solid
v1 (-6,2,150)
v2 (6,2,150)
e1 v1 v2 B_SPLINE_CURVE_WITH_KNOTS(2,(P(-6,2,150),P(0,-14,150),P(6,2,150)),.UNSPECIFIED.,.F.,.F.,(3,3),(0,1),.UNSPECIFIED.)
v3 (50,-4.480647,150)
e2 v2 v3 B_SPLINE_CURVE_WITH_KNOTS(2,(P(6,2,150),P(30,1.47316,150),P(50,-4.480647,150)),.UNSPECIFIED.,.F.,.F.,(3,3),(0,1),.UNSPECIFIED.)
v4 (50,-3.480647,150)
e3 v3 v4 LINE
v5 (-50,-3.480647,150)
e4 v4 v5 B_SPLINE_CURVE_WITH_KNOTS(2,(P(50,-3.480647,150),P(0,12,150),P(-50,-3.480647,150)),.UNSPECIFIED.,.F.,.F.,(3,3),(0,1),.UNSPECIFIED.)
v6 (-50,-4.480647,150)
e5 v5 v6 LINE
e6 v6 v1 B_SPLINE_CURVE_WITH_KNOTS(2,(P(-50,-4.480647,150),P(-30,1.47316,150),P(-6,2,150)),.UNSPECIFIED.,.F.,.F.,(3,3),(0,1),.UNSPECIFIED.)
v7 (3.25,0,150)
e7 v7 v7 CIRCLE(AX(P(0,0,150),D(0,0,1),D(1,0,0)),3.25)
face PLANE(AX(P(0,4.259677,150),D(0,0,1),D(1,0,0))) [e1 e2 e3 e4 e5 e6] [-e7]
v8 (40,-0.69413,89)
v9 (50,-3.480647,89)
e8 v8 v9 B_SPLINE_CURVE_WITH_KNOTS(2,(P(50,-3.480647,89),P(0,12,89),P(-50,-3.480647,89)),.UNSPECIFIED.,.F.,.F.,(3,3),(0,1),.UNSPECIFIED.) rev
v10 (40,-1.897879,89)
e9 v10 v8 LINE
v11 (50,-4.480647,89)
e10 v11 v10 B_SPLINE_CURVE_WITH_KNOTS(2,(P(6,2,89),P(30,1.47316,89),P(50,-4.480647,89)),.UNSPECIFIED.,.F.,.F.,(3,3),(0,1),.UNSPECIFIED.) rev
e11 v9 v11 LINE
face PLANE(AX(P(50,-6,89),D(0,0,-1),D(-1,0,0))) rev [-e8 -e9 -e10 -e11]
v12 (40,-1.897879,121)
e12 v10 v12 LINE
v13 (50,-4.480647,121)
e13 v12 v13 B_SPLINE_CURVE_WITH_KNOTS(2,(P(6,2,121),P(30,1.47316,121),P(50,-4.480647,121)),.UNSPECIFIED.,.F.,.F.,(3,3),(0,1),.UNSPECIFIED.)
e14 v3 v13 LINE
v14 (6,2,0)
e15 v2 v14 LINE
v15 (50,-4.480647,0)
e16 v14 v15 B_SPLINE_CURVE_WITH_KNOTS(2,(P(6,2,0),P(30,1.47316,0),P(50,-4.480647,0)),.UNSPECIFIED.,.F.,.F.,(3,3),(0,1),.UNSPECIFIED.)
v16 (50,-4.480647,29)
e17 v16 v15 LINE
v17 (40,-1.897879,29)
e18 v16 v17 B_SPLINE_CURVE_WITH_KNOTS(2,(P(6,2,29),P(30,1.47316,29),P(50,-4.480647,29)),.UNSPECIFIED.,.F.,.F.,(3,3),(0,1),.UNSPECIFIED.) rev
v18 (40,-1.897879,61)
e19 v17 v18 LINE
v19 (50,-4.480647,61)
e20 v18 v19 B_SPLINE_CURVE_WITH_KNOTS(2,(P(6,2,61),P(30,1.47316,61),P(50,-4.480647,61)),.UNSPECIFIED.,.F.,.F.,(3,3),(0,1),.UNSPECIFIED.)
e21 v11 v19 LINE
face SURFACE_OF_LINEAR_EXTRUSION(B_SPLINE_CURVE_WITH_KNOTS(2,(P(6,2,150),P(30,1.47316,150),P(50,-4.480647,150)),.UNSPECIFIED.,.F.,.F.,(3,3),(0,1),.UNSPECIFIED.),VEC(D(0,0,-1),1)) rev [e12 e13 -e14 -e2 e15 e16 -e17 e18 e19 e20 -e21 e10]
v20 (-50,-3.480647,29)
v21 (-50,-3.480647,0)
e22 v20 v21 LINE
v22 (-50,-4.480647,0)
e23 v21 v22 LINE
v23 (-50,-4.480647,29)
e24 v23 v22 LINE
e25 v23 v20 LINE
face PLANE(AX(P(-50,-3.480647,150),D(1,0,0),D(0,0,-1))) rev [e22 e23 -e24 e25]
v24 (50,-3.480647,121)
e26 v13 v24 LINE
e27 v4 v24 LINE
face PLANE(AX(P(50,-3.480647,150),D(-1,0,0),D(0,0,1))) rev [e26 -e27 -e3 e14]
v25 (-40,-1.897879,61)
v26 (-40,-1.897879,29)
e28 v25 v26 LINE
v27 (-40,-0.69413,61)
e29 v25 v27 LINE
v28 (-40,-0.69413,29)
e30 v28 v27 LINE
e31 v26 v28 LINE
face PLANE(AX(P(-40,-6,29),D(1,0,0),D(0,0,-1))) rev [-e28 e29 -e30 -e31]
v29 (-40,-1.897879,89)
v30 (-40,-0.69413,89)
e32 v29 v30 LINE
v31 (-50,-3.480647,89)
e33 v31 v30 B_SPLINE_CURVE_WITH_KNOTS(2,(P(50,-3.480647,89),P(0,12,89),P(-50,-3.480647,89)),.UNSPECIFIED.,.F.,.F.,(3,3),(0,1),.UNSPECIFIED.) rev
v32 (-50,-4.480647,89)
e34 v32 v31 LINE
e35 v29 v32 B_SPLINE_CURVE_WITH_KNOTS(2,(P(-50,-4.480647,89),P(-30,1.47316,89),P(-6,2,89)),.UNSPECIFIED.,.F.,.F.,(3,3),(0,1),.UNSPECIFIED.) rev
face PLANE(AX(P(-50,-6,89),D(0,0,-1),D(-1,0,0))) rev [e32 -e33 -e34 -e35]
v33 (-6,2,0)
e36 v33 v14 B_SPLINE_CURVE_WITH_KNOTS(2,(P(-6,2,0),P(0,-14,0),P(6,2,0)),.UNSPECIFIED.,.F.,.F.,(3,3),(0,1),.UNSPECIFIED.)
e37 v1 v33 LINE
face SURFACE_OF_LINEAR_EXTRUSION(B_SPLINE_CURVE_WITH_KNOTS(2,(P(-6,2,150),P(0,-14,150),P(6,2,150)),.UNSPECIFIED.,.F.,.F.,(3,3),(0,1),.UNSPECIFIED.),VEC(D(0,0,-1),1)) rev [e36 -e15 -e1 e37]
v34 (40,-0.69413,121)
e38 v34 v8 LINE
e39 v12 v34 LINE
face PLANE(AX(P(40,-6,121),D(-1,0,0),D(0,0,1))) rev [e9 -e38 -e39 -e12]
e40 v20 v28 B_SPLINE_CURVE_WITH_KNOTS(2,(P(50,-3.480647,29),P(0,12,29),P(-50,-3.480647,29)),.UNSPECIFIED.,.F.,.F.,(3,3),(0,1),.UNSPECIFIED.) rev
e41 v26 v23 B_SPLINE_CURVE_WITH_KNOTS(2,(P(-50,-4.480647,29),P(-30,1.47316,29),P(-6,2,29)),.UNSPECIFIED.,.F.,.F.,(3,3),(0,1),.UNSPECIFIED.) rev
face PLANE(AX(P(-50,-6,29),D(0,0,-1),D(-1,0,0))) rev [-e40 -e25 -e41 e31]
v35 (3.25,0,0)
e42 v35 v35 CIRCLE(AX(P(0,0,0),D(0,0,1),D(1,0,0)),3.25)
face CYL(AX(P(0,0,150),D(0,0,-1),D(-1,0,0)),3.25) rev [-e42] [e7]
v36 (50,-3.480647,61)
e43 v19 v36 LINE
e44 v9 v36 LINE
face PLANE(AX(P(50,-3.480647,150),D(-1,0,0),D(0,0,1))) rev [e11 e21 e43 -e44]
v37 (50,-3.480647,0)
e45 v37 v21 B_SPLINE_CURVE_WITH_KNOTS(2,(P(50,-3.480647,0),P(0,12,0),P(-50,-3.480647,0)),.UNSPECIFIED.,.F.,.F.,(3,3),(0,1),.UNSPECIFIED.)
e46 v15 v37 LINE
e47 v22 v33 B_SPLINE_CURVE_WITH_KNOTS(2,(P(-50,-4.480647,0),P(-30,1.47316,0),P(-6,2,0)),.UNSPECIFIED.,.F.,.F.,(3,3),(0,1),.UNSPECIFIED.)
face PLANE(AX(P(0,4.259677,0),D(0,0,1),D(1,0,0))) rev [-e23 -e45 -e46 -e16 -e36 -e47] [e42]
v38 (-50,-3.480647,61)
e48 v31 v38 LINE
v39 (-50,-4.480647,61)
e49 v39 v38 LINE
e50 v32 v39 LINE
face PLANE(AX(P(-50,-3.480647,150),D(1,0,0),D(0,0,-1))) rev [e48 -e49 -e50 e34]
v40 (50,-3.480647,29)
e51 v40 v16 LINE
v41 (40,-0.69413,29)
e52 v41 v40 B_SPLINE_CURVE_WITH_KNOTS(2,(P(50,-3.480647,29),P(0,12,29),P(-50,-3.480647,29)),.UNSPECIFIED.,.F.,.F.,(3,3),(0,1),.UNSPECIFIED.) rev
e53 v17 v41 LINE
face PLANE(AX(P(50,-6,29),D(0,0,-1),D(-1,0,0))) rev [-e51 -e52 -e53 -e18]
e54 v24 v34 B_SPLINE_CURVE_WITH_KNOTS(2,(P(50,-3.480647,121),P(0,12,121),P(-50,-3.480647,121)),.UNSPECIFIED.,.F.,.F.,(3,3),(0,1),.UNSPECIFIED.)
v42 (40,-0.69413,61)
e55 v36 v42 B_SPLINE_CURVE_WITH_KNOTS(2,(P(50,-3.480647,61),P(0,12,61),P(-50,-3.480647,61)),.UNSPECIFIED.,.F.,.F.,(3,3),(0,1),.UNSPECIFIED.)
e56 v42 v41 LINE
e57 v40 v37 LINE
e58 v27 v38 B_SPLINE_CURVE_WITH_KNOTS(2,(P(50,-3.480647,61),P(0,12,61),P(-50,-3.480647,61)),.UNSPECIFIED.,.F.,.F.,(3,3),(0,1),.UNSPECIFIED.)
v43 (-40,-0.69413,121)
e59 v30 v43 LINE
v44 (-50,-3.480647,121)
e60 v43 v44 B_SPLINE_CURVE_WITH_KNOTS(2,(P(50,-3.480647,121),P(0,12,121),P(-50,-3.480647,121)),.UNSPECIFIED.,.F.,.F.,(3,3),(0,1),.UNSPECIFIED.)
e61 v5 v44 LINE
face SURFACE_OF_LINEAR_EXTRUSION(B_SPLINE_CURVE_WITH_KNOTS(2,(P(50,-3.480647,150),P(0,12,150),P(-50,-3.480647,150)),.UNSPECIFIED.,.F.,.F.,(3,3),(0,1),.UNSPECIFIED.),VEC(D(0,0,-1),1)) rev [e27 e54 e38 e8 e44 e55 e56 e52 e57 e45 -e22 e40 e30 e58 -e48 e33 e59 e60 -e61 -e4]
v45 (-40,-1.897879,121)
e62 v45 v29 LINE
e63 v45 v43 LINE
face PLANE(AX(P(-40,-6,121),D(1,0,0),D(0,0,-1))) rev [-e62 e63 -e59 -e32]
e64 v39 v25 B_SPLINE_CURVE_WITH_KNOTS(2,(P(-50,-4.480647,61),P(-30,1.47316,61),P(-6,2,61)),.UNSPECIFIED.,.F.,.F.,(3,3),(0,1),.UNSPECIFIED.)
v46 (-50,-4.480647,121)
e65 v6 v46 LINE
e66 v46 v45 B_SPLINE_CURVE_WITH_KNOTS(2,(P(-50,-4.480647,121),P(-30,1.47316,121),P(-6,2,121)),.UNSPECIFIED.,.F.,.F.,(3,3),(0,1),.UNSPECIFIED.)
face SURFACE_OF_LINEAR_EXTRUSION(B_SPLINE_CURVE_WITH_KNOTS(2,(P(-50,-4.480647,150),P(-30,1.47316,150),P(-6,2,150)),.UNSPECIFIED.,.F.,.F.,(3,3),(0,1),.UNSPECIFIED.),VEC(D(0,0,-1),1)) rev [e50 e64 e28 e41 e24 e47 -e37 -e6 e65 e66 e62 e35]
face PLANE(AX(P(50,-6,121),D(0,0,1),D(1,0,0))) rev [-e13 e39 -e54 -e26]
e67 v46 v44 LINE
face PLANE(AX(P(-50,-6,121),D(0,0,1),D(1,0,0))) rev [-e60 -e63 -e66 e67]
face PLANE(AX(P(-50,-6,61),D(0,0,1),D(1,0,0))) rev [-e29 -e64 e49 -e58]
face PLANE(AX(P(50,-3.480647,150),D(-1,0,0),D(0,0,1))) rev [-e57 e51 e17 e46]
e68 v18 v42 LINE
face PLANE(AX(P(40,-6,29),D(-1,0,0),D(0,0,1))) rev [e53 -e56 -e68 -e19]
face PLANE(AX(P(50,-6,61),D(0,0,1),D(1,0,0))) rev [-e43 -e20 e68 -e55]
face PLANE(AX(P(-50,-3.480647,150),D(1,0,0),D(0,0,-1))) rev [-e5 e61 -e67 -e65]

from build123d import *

# Parameters (mm, degrees)
SKETCH_1_R               = 3.25
EXTRUDE_1_DEPTH          = 150
CUT_EXTRUDE_1_DEPTH      = 159.227684181
CUT_EXTRUDE_1_DEPTH_BACK = 159.227684181
SKETCH_2_W               = 10
SKETCH_2_H               = 32


with BuildPart() as part:
    # 草圖1 → 填料-伸長1 (new body)
    with BuildSketch(Plane.XY):
        with BuildLine():
            Line((-50, -3.480646824), (-50, -4.480646824))
            add(Edge.make_bspline(
                [(-6, 2), (-30, 1.47316016), (-50, -4.480646824)],
                knots=[0, 0, 0, 1, 1, 1], degree=2))
            add(Edge.make_bspline(
                [(-6, 2), (0, -14), (6, 2)],
                knots=[0, 0, 0, 1, 1, 1], degree=2))
            add(Edge.make_bspline(
                [(6, 2), (30, 1.47316016), (50, -4.480646824)],
                knots=[0, 0, 0, 1, 1, 1], degree=2))
            Line((50, -4.480646824), (50, -3.480646824))
            add(Edge.make_bspline(
                [(-50, -3.480646824), (0, 12), (50, -3.480646824)],
                knots=[0, 0, 0, 1, 1, 1], degree=2))
        make_face()
        Circle(SKETCH_1_R, mode=Mode.SUBTRACT)
    extrude(amount=EXTRUDE_1_DEPTH)

    # 草圖2 → 除料-伸長1 (cut, two sides: drawn at the far end of the back side and taken through both)
    with BuildSketch(Plane(origin=(0, 0, 0), x_dir=(1, 0, 0), z_dir=(0, 1, 0)).offset(-CUT_EXTRUDE_1_DEPTH_BACK)):
        with Locations((-45, -105)):
            Rectangle(SKETCH_2_W, SKETCH_2_H)
        with Locations((-45, -45)):
            Rectangle(SKETCH_2_W, SKETCH_2_H)
        with Locations((45, -45)):
            Rectangle(SKETCH_2_W, SKETCH_2_H)
        with Locations((45, -105)):
            Rectangle(SKETCH_2_W, SKETCH_2_H)
    extrude(amount=CUT_EXTRUDE_1_DEPTH + CUT_EXTRUDE_1_DEPTH_BACK, mode=Mode.SUBTRACT)


solid = part.part
